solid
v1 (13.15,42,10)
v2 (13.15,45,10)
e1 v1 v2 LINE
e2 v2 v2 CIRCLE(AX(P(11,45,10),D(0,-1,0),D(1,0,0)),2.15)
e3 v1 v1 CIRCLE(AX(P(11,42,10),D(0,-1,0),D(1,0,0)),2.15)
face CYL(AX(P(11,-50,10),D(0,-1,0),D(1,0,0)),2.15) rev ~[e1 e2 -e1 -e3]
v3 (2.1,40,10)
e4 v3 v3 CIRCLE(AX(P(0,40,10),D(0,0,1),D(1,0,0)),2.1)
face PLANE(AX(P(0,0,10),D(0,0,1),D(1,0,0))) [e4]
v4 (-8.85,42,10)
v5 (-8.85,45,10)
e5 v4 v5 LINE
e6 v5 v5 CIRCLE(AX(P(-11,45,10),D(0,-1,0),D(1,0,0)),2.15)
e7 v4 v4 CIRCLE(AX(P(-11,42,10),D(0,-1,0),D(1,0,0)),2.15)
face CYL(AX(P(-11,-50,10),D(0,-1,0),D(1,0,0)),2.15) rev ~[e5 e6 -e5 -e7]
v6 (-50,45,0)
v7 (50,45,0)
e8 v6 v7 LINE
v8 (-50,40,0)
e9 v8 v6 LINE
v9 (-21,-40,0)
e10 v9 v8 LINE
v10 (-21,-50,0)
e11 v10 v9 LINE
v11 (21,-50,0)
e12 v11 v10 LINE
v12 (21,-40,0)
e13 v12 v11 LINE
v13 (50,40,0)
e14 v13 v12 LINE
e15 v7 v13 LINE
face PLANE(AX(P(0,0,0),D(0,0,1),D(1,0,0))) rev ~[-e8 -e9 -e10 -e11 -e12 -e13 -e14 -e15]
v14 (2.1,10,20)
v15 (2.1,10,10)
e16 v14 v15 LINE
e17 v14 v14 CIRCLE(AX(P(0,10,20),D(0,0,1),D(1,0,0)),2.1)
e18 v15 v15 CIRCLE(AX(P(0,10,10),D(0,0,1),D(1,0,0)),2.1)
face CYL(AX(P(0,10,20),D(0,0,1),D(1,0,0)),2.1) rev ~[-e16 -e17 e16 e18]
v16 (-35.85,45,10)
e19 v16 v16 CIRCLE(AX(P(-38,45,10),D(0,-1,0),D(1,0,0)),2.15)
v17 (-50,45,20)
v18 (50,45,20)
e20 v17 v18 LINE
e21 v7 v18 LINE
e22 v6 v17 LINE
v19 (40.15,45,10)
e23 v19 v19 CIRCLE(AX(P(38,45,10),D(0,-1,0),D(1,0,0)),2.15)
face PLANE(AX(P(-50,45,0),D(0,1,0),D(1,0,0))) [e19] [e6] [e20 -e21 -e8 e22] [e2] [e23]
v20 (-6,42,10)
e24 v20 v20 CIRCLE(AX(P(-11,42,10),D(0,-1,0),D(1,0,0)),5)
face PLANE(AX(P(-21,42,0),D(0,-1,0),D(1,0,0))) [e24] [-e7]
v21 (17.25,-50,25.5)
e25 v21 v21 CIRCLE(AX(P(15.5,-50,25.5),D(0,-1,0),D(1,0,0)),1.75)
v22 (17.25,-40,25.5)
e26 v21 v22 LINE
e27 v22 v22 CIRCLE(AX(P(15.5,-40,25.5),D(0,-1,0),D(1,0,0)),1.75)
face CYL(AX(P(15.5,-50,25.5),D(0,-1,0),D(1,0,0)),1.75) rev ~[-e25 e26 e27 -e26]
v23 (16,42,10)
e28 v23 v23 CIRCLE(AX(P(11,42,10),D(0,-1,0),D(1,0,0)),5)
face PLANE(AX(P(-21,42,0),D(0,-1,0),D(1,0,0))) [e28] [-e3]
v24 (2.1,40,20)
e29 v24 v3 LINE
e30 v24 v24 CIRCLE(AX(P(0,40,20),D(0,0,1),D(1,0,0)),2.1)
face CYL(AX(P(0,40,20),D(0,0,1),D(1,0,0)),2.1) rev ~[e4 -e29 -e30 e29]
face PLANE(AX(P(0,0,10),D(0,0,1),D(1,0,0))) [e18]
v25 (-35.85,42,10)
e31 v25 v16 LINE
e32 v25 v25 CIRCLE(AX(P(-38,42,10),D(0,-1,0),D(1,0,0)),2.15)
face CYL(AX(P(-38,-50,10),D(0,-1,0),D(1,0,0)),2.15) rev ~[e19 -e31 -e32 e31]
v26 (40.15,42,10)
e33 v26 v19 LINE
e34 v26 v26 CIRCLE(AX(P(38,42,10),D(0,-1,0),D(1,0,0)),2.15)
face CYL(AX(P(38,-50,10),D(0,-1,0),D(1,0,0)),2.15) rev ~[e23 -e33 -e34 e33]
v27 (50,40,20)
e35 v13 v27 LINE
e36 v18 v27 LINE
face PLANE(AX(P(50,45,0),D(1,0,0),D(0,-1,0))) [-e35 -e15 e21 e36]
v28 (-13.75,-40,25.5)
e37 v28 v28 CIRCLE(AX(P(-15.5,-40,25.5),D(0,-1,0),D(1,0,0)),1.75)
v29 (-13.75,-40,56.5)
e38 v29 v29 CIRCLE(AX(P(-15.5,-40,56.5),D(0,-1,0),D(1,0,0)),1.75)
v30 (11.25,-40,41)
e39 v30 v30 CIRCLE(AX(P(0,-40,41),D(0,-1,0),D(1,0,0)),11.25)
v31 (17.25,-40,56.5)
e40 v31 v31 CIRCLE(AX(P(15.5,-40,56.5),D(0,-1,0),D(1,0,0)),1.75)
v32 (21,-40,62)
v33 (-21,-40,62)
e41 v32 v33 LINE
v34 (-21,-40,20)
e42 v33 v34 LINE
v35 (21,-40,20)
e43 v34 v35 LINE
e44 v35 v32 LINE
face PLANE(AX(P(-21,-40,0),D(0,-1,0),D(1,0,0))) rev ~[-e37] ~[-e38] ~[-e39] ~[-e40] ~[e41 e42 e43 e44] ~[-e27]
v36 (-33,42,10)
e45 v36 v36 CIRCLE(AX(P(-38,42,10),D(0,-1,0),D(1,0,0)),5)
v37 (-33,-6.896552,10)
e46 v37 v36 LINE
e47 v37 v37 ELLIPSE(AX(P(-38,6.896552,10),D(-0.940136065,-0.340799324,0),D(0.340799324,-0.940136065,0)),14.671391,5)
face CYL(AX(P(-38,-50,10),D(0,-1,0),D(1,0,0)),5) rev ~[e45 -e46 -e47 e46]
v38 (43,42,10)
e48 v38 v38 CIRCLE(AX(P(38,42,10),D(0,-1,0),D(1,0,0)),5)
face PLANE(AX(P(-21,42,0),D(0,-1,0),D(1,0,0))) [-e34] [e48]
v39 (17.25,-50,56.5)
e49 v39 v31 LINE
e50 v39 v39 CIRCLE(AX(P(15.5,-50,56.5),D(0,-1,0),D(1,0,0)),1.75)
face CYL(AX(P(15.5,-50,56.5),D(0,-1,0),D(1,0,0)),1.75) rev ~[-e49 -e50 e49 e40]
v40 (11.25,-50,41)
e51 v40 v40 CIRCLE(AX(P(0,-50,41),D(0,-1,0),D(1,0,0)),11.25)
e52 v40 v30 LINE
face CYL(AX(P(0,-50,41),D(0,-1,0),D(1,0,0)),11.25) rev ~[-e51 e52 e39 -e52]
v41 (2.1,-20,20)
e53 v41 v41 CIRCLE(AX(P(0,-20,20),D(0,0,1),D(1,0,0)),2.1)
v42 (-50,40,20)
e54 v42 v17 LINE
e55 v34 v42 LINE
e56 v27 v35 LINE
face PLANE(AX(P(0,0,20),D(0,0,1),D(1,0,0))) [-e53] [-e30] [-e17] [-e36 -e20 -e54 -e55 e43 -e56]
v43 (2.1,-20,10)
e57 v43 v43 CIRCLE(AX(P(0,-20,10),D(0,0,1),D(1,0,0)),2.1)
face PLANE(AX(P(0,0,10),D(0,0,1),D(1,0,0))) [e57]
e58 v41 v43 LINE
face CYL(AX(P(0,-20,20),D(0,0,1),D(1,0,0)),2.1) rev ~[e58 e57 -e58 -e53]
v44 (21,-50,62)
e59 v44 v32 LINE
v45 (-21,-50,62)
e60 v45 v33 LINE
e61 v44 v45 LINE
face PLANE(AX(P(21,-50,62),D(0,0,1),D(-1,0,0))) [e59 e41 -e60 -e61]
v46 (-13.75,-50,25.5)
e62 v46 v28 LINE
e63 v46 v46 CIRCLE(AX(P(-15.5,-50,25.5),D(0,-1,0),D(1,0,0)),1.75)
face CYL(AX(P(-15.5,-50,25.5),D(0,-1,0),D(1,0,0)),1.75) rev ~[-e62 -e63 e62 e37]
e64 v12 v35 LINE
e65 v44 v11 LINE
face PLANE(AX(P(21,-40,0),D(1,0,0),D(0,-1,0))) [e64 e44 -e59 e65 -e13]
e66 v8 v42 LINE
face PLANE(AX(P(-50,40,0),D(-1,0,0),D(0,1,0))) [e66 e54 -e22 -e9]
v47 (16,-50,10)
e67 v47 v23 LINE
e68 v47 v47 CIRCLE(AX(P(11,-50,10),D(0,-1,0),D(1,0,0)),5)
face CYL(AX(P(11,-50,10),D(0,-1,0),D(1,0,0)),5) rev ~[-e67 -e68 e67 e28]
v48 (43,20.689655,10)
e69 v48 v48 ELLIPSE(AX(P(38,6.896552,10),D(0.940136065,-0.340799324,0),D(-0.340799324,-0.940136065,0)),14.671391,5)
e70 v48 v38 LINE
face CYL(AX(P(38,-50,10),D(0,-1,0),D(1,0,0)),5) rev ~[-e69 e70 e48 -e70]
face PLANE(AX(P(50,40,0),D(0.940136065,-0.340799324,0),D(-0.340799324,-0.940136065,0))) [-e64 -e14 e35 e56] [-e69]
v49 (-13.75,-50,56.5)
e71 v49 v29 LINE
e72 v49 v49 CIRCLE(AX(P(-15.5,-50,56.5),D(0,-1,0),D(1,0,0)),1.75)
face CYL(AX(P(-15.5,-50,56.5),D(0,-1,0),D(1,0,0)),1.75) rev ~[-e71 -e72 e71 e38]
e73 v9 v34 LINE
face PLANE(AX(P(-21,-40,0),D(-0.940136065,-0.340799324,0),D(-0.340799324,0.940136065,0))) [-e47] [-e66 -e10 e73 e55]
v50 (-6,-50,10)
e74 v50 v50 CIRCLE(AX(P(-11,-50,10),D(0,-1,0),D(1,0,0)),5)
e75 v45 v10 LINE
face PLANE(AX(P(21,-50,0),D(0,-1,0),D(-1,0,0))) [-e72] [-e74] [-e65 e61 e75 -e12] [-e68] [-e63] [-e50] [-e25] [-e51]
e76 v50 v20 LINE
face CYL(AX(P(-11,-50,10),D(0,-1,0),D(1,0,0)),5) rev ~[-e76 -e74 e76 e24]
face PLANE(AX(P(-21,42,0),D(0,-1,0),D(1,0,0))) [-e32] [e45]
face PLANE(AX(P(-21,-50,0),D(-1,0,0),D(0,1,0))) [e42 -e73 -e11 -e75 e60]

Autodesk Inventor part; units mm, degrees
ref_plane "YZ Plane" through (0, 0, 0) normal (1, 0, 0) x (0, 1, 0)
ref_plane "XZ Plane" through (0, 0, 0) normal (0, 1, 0) x (-1, 0, 0)
ref_plane "XY Plane" through (0, 0, 0) normal (0, 0, 1) x (1, 0, 0)
sketch "Sketch1" plane through (0, 0, 0) normal (0, 0, 1) x (1, 0, 0)
  line L0 (-50, 45) -> (50, 45)
  line L1 (50, 45) -> (50, 40)
  line L2 (50, 40) -> (21, -40)
  line L3 (21, -40) -> (21, -50)
  line L4 (21, -50) -> (-21, -50)
  line L5 (-21, -50) -> (-21, -40)
  line L6 (-21, -40) -> (-50, 40)
  line L7 (-50, 40) -> (-50, 45)
  point P0 (0, 0)
  point P1 (0, -50)
  point P2 (0, 45)
  point P3 (-35.5, 0)
  dimension "d0" = 42
  dimension "d1" = 10
  dimension "d2" = 5
  dimension "d3" = 95
  dimension "d4" = 100
extrude "Extrusion1" add sketch "Sketch1" along normal blind 20
sketch "Sketch2" plane through (-21, -50, 0) normal (0, -1, 0) x (1, 0, 0)
  line L0 (0, 20) -> (42, 20) projected
  line L1 (0, 0) -> (0, 20) projected
  line L2 (0, 20) -> (42, 20)
  line L3 (42, 20) -> (42, 62)
  line L4 (42, 62) -> (0, 62)
  line L5 (0, 62) -> (0, 20)
  circle A0 centre (21, 41) radius 11.25
  circle A1 centre (5.5, 56.5) radius 1.75
  circle A2 centre (5.5, 25.5) radius 1.75
  circle A3 centre (36.5, 25.5) radius 1.75
  circle A4 centre (36.5, 56.5) radius 1.75
  point P0 (21, 0)
  point P1 (21, 62)
  point P2 (0, 41)
  dimension "d7" = 22.5
  dimension "d8" = 31
  dimension "d9" = 31
  dimension "d10" = 15.5
  dimension "d11" = 15.5
  dimension "d12" = 3.5
extrude "Extrusion2" add sketch "Sketch2" against normal blind 10
sketch "Sketch3" plane through (-21, -50, 0) normal (0, -1, 0) x (1, 0, 0)
  line L0 (71, 0) -> (-29, 0) projected
  line L1 (-29, 0) -> (-29, 20) projected
  line L2 (71, 20) -> (-29, 20) projected
  line L3 (71, 0) -> (71, 20) projected
  circle A0 centre (-17, 10) radius 5
  circle A1 centre (-17, 10) radius 2.15
  circle A2 centre (59, 10) radius 5
  circle A3 centre (59, 10) radius 2.15
  circle A4 centre (10, 10) radius 5
  circle A5 centre (32, 10) radius 5
  circle A6 centre (32, 10) radius 2.15
  circle A7 centre (10, 10) radius 2.15
  line L4 (0, 0) -> (0, 62) projected
  line L5 (42, 0) -> (42, 62) projected
  point P0 (21, 0)
  point P1 (-29, 10)
  dimension "d15" = 12
  dimension "d16" = 4.3
  dimension "d17" = 10
  dimension "d18" = 12
  dimension "d19" = 10
  dimension "d20" = 10
extrude "Extrusion3" cut sketch "Sketch3" against normal blind 92 contours A0 | A1 | A2 | A3 | A4 | A5 | A6 | A7
extrude "Extrusion5" cut sketch "Sketch3" against normal through all contours A1 | A3 | A6 | A7
sketch "Sketch4" plane through (0, 0, 20) normal (0, 0, 1) x (1, 0, 0)
  circle A0 centre (0, 40) radius 2.1
  circle A1 centre (0, 10) radius 2.1
  circle A2 centre (0, -20) radius 2.1
  line L0 (50, 45) -> (-50, 45) projected
  point P0 (0, 0)
  dimension "d23" = 5
  dimension "d24" = 30
  dimension "d25" = 30
  dimension "d26" = 4.2
extrude "Extrusion4" cut sketch "Sketch4" against normal blind 10
equation "\"d9\" = d8"
equation "\"d10\" = 0.5 * d8"
equation "\"d11\" = 0.5 * d9"
equation "\"d18\" = d15"
equation "\"d20\" = d19"
properties part number "SliderMotorHalter"
